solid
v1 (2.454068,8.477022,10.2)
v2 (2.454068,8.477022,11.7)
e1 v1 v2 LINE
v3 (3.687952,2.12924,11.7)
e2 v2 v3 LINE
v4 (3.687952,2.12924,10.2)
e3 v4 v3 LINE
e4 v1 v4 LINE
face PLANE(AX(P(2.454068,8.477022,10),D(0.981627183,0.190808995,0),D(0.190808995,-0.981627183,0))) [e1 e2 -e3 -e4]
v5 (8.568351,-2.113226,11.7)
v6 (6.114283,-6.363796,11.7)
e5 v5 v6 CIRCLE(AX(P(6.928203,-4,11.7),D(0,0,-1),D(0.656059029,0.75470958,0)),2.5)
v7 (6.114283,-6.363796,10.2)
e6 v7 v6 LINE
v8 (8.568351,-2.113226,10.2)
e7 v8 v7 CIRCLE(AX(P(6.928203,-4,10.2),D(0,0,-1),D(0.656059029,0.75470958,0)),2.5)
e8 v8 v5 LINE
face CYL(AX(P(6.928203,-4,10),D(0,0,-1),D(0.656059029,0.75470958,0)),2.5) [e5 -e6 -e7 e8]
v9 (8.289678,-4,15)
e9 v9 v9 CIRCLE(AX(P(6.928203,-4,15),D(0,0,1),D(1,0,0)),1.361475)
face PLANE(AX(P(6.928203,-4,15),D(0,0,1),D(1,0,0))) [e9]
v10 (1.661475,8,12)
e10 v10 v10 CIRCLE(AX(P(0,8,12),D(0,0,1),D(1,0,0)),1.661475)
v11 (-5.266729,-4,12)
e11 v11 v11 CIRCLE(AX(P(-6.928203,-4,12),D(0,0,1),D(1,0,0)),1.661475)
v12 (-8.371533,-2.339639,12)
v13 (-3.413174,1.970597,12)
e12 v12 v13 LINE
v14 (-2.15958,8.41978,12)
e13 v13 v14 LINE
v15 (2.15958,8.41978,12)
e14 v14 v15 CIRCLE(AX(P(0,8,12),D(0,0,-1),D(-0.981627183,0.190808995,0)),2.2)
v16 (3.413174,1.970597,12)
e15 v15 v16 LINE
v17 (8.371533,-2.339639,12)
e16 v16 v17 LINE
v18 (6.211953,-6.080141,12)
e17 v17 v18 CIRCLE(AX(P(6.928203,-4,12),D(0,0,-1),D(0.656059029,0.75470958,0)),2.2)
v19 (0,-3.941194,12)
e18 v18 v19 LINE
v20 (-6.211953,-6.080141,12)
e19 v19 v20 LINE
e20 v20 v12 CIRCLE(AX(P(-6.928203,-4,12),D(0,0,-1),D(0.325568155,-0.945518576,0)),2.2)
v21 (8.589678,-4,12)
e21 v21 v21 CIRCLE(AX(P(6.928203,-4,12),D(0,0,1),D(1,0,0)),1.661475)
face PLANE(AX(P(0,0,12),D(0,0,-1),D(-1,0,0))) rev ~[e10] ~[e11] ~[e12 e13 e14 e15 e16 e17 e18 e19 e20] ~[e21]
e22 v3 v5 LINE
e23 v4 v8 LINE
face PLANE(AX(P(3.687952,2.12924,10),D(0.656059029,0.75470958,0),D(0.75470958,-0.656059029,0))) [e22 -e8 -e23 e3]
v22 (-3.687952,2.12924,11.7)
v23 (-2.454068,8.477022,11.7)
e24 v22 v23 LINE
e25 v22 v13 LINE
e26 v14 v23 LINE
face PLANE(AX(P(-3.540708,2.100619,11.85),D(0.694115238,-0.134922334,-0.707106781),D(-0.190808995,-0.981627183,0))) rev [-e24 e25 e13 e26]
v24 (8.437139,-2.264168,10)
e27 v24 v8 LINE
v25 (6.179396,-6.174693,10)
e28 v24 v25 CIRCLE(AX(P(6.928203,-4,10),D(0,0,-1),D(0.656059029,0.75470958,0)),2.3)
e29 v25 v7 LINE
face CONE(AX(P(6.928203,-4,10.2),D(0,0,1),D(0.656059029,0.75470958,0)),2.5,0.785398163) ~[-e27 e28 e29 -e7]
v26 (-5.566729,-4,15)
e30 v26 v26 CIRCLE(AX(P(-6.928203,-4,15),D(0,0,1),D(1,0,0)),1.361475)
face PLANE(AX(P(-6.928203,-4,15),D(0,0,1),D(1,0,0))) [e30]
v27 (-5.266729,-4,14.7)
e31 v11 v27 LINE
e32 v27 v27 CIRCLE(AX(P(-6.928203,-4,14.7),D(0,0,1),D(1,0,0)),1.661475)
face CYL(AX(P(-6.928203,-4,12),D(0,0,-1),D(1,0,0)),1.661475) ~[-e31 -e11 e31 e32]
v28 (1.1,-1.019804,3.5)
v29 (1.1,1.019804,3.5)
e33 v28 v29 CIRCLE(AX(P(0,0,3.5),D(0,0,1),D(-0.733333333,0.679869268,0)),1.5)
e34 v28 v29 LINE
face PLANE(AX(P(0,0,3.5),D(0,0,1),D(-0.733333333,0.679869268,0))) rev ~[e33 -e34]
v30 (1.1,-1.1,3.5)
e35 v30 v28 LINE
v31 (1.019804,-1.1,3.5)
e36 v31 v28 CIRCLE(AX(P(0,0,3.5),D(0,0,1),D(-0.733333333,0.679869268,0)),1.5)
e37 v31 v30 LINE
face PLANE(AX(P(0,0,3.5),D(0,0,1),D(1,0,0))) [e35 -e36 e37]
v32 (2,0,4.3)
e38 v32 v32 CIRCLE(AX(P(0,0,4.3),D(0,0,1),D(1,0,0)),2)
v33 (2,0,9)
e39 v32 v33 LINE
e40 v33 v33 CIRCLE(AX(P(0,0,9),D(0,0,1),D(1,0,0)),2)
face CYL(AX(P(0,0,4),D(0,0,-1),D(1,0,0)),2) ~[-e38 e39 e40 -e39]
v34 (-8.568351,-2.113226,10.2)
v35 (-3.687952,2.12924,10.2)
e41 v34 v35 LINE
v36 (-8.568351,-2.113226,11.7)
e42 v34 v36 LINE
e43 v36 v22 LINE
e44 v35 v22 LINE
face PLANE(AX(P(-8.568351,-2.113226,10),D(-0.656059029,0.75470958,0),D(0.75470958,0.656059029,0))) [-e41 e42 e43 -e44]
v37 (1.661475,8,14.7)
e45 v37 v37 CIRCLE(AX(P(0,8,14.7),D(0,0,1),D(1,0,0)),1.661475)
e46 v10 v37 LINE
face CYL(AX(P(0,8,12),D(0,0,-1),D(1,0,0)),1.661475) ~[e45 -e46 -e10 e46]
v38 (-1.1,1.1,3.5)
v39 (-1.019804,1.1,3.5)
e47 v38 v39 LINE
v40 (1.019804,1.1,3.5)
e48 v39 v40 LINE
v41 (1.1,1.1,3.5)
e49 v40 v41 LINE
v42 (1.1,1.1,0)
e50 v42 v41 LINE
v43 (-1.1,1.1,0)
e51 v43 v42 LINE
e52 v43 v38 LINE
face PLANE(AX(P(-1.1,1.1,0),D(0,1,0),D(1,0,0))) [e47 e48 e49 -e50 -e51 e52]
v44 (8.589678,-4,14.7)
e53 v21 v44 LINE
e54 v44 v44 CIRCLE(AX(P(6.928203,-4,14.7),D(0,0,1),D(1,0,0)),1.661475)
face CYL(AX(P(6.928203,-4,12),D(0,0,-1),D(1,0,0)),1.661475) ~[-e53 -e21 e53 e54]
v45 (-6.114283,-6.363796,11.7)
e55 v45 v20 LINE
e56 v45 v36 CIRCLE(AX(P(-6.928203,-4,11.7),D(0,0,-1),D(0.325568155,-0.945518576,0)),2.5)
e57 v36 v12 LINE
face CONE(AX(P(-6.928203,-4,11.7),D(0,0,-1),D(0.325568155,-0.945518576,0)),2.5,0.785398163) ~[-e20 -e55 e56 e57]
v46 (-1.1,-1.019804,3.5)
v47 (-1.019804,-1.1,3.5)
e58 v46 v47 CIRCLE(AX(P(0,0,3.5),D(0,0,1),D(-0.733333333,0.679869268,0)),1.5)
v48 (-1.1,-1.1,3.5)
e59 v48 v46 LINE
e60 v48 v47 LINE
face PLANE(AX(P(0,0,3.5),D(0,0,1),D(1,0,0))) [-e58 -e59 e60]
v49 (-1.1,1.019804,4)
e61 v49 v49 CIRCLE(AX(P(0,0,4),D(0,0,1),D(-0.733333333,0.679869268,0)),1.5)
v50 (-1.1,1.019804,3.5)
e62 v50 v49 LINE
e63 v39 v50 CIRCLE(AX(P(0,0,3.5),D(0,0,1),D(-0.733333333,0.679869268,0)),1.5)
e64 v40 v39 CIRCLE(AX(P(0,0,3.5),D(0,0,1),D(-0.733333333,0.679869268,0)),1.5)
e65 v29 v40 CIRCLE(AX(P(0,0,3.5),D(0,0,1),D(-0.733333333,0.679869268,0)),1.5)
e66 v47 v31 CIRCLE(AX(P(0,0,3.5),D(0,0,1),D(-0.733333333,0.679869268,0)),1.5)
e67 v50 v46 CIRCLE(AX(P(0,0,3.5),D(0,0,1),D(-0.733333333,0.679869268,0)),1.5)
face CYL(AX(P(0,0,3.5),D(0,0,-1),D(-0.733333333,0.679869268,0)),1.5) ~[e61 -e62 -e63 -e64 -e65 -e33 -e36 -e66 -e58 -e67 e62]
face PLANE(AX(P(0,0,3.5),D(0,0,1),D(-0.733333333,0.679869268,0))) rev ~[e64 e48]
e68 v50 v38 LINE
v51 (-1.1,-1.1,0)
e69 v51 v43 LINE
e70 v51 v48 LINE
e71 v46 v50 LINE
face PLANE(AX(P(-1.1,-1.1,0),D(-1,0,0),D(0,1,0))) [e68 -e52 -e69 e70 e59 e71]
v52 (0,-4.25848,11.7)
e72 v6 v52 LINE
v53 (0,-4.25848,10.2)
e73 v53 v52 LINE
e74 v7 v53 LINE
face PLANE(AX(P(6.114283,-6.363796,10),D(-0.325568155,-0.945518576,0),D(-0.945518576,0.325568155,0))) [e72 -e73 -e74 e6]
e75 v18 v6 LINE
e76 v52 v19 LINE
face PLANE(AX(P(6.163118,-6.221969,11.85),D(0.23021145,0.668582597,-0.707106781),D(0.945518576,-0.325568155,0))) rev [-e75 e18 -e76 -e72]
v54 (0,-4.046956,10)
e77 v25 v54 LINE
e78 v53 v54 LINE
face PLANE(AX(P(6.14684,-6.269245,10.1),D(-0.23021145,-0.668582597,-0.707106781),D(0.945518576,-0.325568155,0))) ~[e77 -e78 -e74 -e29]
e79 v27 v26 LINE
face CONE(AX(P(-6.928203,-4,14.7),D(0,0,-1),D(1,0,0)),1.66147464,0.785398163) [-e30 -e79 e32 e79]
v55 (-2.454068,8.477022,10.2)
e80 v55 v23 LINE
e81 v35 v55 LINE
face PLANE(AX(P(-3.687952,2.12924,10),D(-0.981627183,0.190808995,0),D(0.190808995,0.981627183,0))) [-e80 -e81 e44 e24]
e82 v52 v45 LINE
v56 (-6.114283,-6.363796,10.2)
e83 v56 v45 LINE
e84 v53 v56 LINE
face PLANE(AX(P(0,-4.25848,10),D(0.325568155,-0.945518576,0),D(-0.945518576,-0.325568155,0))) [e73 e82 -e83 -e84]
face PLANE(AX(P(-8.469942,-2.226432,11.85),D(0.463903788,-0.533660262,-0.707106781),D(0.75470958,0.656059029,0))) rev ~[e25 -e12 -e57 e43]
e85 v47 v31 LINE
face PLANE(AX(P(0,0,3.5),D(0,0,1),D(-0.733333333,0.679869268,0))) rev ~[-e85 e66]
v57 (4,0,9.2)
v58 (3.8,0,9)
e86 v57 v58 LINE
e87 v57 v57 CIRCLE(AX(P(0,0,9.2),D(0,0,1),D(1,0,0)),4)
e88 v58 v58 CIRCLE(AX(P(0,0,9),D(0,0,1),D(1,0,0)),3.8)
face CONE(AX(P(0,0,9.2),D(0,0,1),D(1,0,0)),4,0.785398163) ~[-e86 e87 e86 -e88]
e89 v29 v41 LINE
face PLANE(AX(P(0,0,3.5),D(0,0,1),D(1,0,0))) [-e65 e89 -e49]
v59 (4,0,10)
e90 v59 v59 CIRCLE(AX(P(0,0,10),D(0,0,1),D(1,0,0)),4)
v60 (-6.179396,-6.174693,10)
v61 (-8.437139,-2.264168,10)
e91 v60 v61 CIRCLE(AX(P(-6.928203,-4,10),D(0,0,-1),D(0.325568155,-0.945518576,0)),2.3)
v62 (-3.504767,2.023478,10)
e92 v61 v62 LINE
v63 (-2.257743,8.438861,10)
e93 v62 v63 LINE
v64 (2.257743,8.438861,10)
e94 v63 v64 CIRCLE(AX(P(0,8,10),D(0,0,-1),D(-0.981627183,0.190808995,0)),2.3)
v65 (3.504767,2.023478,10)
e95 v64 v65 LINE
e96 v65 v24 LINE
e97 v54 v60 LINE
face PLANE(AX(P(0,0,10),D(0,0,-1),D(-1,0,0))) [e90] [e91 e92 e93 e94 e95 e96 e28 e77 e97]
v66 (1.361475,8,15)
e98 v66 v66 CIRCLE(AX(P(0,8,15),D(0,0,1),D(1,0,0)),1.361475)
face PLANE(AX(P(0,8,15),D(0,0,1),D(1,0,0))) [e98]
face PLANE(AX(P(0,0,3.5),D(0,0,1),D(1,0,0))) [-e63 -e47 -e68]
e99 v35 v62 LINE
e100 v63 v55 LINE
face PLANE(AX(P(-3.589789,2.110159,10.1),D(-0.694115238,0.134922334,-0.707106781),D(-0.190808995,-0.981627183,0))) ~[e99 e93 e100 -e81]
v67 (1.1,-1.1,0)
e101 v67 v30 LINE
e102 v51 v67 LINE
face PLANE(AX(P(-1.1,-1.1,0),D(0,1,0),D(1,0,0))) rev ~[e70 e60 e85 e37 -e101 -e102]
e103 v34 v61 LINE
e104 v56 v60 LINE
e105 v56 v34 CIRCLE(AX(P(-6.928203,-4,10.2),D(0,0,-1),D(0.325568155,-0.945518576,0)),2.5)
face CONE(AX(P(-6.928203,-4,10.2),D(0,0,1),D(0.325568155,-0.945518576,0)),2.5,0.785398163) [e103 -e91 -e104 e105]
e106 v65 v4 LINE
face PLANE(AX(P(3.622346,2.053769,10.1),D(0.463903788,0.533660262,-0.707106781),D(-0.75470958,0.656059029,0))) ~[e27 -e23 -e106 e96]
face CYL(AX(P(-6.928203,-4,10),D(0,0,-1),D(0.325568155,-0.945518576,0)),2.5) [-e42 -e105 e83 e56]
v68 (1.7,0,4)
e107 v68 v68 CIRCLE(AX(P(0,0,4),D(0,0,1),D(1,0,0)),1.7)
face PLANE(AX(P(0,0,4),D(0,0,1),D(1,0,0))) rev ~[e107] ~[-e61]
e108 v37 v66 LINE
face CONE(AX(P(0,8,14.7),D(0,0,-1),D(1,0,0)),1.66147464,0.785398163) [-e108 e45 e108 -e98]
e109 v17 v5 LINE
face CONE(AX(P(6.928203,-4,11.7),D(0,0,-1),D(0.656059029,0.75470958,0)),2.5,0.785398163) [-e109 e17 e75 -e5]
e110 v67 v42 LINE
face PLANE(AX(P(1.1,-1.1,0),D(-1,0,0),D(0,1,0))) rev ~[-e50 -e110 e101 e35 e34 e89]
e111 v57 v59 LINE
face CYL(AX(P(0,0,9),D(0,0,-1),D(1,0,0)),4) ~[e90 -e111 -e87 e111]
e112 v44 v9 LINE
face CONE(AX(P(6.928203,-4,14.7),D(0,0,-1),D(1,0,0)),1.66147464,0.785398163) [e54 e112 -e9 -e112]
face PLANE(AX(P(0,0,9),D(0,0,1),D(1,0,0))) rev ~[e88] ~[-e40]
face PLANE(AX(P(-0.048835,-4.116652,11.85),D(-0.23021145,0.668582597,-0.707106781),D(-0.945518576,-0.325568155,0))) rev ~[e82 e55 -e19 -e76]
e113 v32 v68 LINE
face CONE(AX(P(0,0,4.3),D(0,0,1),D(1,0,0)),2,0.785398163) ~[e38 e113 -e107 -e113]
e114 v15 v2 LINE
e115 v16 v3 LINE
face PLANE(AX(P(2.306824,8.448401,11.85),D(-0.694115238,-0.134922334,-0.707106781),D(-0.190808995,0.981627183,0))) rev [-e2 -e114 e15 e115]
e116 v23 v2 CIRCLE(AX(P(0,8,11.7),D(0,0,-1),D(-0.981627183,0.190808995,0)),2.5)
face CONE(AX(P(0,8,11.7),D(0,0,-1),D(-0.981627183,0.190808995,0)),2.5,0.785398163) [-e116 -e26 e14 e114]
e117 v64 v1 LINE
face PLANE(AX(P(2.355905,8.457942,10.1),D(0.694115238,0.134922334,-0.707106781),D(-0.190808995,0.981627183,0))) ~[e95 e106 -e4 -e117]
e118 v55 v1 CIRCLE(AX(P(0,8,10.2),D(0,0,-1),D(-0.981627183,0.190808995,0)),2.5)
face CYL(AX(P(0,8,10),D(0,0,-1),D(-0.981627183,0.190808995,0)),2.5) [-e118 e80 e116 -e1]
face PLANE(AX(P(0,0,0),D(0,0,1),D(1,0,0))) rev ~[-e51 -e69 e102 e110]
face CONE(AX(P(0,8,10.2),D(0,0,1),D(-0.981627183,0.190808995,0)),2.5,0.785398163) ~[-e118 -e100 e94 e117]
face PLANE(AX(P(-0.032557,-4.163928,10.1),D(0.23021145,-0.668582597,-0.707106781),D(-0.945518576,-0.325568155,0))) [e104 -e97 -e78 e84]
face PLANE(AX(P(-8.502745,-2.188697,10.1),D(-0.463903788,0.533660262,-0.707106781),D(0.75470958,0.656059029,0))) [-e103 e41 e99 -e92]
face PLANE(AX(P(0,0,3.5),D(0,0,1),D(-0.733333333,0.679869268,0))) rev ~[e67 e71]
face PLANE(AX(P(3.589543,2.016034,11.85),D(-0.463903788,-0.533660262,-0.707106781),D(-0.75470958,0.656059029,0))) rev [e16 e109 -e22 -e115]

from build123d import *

# Parameters (mm, degrees)
SCHIZZO1_W                   = 2.2
SCHIZZO1_H                   = 2.2
ESTRUSIONE_ESTRUSIONE1_DEPTH = 3.5
SCHIZZO2_R                   = 1.5
ESTRUSIONE_ESTRUSIONE2_DEPTH = 0.5
SCHIZZO3_R                   = 2
ESTRUSIONE_ESTRUSIONE3_DEPTH = 5
SCHIZZO4_R                   = 4
ESTRUSIONE_ESTRUSIONE4_DEPTH = 1
ESTRUSIONE_ESTRUSIONE7_DEPTH = 2
SCHIZZO12_R                  = 1.66147464
ESTRUSIONE_ESTRUSIONE8_DEPTH = 3
SMUSSO4_SIZE                 = 0.2
SMUSSO5_SIZE                 = 0.3


with BuildPart() as part:
    # Schizzo1 → Estrusione-Estrusione1 (new body)
    with BuildSketch(Plane.XY):
        Rectangle(SCHIZZO1_W, SCHIZZO1_H)
    extrude(amount=ESTRUSIONE_ESTRUSIONE1_DEPTH)

    # Schizzo2 → Estrusione-Estrusione2 (add)
    with BuildSketch(Plane.XY.offset(3.5)):
        with Locations(Location((0, 0, 0), (0, 0, 137.166571934))):
            Circle(SCHIZZO2_R)
    extrude(amount=ESTRUSIONE_ESTRUSIONE2_DEPTH)

    # Schizzo3 → Estrusione-Estrusione3 (add)
    with BuildSketch(Plane.XY.offset(4)):
        Circle(SCHIZZO3_R)
    extrude(amount=ESTRUSIONE_ESTRUSIONE3_DEPTH)

    # Schizzo4 → Estrusione-Estrusione4 (add)
    with BuildSketch(Plane.XY.offset(9)):
        Circle(SCHIZZO4_R)
    extrude(amount=ESTRUSIONE_ESTRUSIONE4_DEPTH)

    # Schizzo11 → Estrusione-Estrusione7 (add)
    with BuildSketch(Plane.XY.offset(10)):
        with BuildLine():
            Line((-3.687951879, 2.12924001), (-2.454067959, 8.477022488))
            ThreePointArc((-2.454067959, 8.477022488), (0, 10.5), (2.454067959, 8.477022488))
            Line((2.454067959, 8.477022488), (3.687951879, 2.12924001))
            Line((3.687951879, 2.12924001), (8.568350803, -2.113226049))
            ThreePointArc((8.568350803, -2.113226049), (9.09326674, -5.25), (6.114282844, -6.363796439))
            Line((6.114282844, -6.363796439), (0, -4.25848002))
            Line((0, -4.25848002), (-6.114282844, -6.363796439))
            ThreePointArc((-6.114282844, -6.363796439), (-9.09326674, -5.25), (-8.568350803, -2.113226049))
            Line((-8.568350803, -2.113226049), (-3.687951879, 2.12924001))
        make_face()
    extrude(amount=ESTRUSIONE_ESTRUSIONE7_DEPTH)

    # Schizzo12 → Estrusione-Estrusione8 (add)
    with BuildSketch(Plane.XY.offset(12)):
        with Locations((0, 8)):
            Circle(SCHIZZO12_R)
        with Locations((6.92820323, -4)):
            Circle(SCHIZZO12_R)
        with Locations((-6.92820323, -4)):
            Circle(SCHIZZO12_R)
    extrude(amount=ESTRUSIONE_ESTRUSIONE8_DEPTH)

    # Smusso4
    smusso4_edges = [part.edges().sort_by_distance(p)[0] for p in [
        (-4, 0, 9),
        (-6.128151341, 0.00800698, 10),
        (-9.09326674, -5.25, 10),
        (-3.057141422, -5.31113823, 10),
        (3.057141422, -5.31113823, 10),
        (9.09326674, -5.25, 10),
        (6.128151341, 0.00800698, 10),
        (3.071009919, 5.303131249, 10),
        (0, 10.5, 10),
        (-3.071009919, 5.303131249, 10),
    ]]
    chamfer(smusso4_edges, length=SMUSSO4_SIZE)

    # Smusso5
    smusso5_edges = [part.edges().sort_by_distance(p)[0] for p in [
        (-2, 0, 4),
        (-6.128151341, 0.00800698, 12),
        (-9.09326674, -5.25, 12),
        (-3.057141422, -5.31113823, 12),
        (3.057141422, -5.31113823, 12),
        (9.09326674, -5.25, 12),
        (6.128151341, 0.00800698, 12),
        (3.071009919, 5.303131249, 12),
        (0, 10.5, 12),
        (-3.071009919, 5.303131249, 12),
        (-1.66147464, 8, 15),
        (5.266728591, -4, 15),
        (-8.58967787, -4, 15),
    ]]
    chamfer(smusso5_edges, length=SMUSSO5_SIZE)


solid = part.part
